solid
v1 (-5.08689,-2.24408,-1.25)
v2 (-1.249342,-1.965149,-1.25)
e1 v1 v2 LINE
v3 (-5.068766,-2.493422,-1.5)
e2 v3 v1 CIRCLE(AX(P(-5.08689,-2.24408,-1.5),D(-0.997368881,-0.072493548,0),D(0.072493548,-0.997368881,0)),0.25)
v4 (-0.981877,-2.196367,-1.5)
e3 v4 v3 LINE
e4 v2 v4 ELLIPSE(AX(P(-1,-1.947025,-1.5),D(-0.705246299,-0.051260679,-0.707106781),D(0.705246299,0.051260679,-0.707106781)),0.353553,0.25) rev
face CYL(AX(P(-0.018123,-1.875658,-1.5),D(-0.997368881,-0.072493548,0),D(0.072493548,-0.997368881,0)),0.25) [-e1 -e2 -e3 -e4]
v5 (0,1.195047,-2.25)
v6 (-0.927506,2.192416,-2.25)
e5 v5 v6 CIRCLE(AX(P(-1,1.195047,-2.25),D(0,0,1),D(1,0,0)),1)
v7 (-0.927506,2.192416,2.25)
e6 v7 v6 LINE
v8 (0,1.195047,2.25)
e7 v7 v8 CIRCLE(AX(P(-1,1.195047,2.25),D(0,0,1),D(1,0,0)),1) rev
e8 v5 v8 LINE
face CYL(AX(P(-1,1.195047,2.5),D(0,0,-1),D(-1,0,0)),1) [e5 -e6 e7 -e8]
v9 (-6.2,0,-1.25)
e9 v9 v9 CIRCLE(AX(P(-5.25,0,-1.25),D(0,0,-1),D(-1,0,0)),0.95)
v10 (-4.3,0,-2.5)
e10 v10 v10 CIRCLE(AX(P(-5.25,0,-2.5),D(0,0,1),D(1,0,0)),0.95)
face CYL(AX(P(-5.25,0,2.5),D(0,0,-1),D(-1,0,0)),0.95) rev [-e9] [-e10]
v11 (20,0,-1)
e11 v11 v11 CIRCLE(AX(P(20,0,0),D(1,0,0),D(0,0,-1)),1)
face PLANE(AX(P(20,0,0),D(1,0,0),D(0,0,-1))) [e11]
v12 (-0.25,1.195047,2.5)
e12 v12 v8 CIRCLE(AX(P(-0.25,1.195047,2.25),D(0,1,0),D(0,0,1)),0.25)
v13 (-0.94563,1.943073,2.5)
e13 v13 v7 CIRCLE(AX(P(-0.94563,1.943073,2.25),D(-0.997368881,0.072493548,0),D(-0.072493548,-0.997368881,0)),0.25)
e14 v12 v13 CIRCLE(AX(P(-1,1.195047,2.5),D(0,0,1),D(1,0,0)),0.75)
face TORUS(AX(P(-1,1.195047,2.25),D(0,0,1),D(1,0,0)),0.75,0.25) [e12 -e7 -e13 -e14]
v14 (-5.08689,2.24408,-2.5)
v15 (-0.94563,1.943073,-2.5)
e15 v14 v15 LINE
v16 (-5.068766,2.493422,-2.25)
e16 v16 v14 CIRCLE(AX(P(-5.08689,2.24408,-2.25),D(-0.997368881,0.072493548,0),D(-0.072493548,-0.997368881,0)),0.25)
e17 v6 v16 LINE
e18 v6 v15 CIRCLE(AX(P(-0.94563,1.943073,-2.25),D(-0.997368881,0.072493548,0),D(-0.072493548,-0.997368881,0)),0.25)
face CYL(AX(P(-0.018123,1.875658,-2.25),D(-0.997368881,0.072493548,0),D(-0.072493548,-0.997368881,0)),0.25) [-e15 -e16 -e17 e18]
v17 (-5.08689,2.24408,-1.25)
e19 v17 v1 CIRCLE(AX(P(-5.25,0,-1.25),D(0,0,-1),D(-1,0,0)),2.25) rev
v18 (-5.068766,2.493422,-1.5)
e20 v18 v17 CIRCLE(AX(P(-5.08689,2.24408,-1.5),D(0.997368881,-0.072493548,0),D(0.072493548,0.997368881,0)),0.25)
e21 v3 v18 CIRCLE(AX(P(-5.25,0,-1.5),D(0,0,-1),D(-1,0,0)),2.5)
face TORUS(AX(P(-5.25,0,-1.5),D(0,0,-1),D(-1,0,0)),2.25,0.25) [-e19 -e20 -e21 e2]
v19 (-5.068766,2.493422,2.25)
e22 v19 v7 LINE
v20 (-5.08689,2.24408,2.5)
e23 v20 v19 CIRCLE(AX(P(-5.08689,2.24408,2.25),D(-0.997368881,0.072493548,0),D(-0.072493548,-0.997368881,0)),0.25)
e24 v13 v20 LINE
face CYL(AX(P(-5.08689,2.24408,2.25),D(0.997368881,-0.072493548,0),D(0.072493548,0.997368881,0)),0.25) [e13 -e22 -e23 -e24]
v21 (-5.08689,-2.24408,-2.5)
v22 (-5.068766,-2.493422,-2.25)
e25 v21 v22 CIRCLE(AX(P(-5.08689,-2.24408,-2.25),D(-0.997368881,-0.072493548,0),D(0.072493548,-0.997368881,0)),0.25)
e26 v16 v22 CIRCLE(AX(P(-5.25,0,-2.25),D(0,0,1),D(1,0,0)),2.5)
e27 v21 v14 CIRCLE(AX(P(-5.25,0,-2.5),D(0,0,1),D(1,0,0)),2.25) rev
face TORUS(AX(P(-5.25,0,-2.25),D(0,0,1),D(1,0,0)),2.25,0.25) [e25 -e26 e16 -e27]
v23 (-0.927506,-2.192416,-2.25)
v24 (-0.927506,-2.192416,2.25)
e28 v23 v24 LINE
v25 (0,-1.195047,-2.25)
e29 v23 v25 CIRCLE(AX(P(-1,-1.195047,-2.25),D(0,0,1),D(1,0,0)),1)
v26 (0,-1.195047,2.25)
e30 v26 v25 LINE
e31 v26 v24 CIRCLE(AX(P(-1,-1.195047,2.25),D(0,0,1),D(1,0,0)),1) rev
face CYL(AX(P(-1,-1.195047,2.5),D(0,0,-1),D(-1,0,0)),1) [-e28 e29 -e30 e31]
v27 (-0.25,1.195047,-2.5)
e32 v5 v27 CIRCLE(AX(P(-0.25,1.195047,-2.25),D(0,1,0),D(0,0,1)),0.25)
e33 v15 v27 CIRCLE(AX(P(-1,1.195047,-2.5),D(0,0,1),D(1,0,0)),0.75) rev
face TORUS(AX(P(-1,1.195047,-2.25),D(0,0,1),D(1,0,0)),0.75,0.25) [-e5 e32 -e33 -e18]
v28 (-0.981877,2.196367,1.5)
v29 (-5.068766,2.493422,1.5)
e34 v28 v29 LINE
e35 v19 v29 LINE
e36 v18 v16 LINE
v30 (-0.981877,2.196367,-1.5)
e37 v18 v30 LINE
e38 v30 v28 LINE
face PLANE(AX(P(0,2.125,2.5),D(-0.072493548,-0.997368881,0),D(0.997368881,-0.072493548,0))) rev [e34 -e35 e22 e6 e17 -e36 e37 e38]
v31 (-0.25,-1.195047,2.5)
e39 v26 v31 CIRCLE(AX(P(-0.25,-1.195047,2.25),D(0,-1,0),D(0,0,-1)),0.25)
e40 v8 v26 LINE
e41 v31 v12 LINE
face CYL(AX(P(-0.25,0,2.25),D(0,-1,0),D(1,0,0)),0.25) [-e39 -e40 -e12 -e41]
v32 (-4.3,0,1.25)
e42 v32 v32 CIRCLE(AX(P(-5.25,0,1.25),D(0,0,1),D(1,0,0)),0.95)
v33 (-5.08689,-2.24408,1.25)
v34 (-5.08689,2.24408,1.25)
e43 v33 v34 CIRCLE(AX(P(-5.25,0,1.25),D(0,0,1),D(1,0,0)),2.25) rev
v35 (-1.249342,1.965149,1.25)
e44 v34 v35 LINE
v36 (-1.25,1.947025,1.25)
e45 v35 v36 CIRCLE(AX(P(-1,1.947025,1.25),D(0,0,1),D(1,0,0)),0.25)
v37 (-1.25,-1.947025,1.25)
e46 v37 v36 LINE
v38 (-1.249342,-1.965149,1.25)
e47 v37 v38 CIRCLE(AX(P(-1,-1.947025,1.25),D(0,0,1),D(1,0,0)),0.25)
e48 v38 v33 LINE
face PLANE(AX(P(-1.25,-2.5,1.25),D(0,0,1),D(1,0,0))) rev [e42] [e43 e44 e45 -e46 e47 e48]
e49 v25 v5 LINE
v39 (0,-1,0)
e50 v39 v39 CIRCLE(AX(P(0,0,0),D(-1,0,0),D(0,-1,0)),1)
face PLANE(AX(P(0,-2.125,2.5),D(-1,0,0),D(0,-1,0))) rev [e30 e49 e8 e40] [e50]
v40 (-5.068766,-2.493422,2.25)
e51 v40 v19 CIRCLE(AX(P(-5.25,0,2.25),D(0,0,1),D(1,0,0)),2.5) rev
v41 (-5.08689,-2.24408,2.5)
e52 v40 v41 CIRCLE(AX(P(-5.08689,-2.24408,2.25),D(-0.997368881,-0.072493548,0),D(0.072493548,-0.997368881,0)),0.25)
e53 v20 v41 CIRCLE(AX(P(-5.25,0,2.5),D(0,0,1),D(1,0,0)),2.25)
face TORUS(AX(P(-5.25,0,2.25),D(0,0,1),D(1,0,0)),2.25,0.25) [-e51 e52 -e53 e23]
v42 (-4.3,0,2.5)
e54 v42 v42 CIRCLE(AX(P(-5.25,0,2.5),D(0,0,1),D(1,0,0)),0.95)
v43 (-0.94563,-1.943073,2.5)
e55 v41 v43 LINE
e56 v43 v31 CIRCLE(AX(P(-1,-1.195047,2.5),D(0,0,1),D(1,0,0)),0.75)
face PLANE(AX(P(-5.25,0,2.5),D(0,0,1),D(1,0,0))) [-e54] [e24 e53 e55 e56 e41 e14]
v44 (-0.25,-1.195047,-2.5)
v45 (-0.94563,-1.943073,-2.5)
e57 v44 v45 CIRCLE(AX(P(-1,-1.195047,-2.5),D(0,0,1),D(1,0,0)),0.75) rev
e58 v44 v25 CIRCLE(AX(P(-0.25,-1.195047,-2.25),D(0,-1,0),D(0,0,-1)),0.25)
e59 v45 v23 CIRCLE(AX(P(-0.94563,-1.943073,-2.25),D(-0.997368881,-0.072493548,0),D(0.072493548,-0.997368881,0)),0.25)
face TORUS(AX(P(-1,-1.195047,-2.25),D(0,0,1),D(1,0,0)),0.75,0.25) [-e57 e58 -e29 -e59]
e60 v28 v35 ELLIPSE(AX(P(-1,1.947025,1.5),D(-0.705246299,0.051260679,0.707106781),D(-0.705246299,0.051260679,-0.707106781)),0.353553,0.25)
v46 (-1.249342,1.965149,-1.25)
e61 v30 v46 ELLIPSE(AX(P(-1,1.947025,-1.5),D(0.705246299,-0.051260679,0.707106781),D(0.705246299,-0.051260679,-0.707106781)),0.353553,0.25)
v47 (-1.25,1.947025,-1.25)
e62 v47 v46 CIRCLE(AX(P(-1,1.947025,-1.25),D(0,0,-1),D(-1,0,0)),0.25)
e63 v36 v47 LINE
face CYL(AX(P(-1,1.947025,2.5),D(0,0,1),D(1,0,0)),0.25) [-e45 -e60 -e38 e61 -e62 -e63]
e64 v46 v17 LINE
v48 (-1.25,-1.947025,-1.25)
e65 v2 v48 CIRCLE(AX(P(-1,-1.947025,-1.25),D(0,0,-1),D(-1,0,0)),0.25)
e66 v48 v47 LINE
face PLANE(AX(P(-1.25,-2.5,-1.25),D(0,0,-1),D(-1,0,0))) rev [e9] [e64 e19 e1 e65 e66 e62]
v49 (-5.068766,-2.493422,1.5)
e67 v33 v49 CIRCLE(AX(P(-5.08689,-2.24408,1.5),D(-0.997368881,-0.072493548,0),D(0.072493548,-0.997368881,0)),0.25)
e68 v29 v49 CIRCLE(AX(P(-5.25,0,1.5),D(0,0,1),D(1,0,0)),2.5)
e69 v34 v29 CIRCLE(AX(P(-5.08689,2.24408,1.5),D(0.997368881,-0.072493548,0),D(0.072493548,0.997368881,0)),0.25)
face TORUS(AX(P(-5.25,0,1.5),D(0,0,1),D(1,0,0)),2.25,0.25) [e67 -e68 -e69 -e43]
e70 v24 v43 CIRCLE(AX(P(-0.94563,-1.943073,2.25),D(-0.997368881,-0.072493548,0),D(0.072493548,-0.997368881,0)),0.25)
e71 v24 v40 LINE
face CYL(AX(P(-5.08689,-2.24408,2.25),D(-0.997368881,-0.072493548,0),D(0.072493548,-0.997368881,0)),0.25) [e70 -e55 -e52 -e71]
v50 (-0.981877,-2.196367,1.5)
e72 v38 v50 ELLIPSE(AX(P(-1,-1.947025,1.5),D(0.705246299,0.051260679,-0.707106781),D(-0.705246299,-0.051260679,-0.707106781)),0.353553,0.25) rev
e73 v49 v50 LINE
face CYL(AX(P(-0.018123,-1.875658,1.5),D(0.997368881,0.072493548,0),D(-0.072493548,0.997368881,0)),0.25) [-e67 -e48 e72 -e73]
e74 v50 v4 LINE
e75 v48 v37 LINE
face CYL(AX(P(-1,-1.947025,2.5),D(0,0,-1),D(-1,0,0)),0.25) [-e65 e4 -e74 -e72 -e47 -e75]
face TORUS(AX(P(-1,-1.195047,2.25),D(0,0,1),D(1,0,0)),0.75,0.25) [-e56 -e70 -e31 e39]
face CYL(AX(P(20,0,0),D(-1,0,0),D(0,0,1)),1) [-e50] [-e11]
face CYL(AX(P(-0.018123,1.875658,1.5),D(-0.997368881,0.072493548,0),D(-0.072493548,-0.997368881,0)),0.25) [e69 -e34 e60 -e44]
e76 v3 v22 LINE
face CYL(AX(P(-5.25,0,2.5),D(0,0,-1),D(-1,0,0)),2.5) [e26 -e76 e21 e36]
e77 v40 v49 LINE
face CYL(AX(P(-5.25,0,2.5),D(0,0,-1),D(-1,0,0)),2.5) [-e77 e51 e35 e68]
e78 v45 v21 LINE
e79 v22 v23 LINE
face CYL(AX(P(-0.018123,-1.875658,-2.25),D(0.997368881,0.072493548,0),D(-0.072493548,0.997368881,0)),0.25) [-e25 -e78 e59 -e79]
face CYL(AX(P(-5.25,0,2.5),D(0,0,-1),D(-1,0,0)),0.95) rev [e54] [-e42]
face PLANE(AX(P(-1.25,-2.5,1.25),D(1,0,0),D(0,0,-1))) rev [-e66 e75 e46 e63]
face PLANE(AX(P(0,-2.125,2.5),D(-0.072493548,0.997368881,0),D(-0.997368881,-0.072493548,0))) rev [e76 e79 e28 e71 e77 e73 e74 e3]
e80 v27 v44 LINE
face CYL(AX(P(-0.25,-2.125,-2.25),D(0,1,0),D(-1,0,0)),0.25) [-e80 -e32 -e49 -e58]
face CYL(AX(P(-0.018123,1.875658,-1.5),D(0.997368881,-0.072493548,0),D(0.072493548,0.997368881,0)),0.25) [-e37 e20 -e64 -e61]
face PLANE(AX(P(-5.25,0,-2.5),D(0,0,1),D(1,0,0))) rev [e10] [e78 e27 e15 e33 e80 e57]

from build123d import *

# Parameters (mm, degrees)
SKETCH1_R               = 1
BOSS_EXTRUDE1_DEPTH     = 20
SKETCH2_R               = 0.95
BOSS_EXTRUDE2_DEPTH     = 2.5
CUT_EXTRUDE1_DEPTH      = 21.310096012
CUT_EXTRUDE1_DEPTH_BACK = 21.310096012
SKETCH3_W               = 6.5
SKETCH3_H               = 2.5
FILLET1_R               = 1
FILLET2_R               = 0.25


with BuildPart() as part:
    # Sketch1 → Boss-Extrude1 (new body)
    with BuildSketch(Plane(origin=(0, 0, 0), x_dir=(0, 0, -1), z_dir=(1, 0, 0))):
        Circle(SKETCH1_R)
    extrude(amount=BOSS_EXTRUDE1_DEPTH)

    # Sketch2 → Boss-Extrude2 (add, symmetric)
    with BuildSketch(Plane.XY):
        with BuildLine():
            Line((0, -2.125), (0, 2.125))
            Line((0, 2.125), (-5.06876613, 2.493422203))
            ThreePointArc((-5.06876613, 2.493422203), (-7.75, 0), (-5.06876613, -2.493422203))
            Line((-5.06876613, -2.493422203), (0, -2.125))
        make_face()
        with Locations((-5.25, 0)):
            Circle(SKETCH2_R, mode=Mode.SUBTRACT)
    extrude(amount=BOSS_EXTRUDE2_DEPTH, both=True)

    # Sketch3 → Cut-Extrude1 (cut, two sides: drawn at the far end of the back side and taken through both)
    with BuildSketch(Plane(origin=(0, 0, 0), x_dir=(1, 0, 0), z_dir=(0, 1, 0)).offset(-CUT_EXTRUDE1_DEPTH_BACK)):
        with Locations((-4.5, 0)):
            Rectangle(SKETCH3_W, SKETCH3_H)
    extrude(amount=CUT_EXTRUDE1_DEPTH + CUT_EXTRUDE1_DEPTH_BACK, mode=Mode.SUBTRACT)

    # Fillet1
    fillet1_edges = [part.edges().sort_by_distance(p)[0] for p in [
        (0, -2.125, 0),
        (0, 2.125, 0),
    ]]
    fillet(fillet1_edges, radius=FILLET1_R)

    # Fillet2
    fillet2_edges = [part.edges().sort_by_distance(p)[0] for p in [
        (-1.25, 2.215855988, 0),
        (-1.25, -2.215855988, 0),
        (-7.75, 0, -1.25),
        (-3.159383065, 2.354639096, -1.25),
        (-3.159383065, -2.354639096, -1.25),
        (-7.75, 0, 1.25),
        (-3.159383065, -2.354639096, 1.25),
        (-3.159383065, 2.354639096, 1.25),
        (-2.998136291, 2.342918908, 2.5),
        (-2.998136291, 2.342918908, -2.5),
        (-2.998136291, -2.342918908, 2.5),
        (0, 0, -2.5),
        (-0.267711277, -1.876041023, -2.5),
        (-0.267711277, 1.876041023, -2.5),
        (0, 0, 2.5),
        (-0.267711277, -1.876041023, 2.5),
        (-0.267711277, 1.876041023, 2.5),
        (-7.75, 0, 2.5),
        (-2.998136291, -2.342918908, -2.5),
        (-7.75, 0, -2.5),
    ]]
    fillet(fillet2_edges, radius=FILLET2_R)


solid = part.part
